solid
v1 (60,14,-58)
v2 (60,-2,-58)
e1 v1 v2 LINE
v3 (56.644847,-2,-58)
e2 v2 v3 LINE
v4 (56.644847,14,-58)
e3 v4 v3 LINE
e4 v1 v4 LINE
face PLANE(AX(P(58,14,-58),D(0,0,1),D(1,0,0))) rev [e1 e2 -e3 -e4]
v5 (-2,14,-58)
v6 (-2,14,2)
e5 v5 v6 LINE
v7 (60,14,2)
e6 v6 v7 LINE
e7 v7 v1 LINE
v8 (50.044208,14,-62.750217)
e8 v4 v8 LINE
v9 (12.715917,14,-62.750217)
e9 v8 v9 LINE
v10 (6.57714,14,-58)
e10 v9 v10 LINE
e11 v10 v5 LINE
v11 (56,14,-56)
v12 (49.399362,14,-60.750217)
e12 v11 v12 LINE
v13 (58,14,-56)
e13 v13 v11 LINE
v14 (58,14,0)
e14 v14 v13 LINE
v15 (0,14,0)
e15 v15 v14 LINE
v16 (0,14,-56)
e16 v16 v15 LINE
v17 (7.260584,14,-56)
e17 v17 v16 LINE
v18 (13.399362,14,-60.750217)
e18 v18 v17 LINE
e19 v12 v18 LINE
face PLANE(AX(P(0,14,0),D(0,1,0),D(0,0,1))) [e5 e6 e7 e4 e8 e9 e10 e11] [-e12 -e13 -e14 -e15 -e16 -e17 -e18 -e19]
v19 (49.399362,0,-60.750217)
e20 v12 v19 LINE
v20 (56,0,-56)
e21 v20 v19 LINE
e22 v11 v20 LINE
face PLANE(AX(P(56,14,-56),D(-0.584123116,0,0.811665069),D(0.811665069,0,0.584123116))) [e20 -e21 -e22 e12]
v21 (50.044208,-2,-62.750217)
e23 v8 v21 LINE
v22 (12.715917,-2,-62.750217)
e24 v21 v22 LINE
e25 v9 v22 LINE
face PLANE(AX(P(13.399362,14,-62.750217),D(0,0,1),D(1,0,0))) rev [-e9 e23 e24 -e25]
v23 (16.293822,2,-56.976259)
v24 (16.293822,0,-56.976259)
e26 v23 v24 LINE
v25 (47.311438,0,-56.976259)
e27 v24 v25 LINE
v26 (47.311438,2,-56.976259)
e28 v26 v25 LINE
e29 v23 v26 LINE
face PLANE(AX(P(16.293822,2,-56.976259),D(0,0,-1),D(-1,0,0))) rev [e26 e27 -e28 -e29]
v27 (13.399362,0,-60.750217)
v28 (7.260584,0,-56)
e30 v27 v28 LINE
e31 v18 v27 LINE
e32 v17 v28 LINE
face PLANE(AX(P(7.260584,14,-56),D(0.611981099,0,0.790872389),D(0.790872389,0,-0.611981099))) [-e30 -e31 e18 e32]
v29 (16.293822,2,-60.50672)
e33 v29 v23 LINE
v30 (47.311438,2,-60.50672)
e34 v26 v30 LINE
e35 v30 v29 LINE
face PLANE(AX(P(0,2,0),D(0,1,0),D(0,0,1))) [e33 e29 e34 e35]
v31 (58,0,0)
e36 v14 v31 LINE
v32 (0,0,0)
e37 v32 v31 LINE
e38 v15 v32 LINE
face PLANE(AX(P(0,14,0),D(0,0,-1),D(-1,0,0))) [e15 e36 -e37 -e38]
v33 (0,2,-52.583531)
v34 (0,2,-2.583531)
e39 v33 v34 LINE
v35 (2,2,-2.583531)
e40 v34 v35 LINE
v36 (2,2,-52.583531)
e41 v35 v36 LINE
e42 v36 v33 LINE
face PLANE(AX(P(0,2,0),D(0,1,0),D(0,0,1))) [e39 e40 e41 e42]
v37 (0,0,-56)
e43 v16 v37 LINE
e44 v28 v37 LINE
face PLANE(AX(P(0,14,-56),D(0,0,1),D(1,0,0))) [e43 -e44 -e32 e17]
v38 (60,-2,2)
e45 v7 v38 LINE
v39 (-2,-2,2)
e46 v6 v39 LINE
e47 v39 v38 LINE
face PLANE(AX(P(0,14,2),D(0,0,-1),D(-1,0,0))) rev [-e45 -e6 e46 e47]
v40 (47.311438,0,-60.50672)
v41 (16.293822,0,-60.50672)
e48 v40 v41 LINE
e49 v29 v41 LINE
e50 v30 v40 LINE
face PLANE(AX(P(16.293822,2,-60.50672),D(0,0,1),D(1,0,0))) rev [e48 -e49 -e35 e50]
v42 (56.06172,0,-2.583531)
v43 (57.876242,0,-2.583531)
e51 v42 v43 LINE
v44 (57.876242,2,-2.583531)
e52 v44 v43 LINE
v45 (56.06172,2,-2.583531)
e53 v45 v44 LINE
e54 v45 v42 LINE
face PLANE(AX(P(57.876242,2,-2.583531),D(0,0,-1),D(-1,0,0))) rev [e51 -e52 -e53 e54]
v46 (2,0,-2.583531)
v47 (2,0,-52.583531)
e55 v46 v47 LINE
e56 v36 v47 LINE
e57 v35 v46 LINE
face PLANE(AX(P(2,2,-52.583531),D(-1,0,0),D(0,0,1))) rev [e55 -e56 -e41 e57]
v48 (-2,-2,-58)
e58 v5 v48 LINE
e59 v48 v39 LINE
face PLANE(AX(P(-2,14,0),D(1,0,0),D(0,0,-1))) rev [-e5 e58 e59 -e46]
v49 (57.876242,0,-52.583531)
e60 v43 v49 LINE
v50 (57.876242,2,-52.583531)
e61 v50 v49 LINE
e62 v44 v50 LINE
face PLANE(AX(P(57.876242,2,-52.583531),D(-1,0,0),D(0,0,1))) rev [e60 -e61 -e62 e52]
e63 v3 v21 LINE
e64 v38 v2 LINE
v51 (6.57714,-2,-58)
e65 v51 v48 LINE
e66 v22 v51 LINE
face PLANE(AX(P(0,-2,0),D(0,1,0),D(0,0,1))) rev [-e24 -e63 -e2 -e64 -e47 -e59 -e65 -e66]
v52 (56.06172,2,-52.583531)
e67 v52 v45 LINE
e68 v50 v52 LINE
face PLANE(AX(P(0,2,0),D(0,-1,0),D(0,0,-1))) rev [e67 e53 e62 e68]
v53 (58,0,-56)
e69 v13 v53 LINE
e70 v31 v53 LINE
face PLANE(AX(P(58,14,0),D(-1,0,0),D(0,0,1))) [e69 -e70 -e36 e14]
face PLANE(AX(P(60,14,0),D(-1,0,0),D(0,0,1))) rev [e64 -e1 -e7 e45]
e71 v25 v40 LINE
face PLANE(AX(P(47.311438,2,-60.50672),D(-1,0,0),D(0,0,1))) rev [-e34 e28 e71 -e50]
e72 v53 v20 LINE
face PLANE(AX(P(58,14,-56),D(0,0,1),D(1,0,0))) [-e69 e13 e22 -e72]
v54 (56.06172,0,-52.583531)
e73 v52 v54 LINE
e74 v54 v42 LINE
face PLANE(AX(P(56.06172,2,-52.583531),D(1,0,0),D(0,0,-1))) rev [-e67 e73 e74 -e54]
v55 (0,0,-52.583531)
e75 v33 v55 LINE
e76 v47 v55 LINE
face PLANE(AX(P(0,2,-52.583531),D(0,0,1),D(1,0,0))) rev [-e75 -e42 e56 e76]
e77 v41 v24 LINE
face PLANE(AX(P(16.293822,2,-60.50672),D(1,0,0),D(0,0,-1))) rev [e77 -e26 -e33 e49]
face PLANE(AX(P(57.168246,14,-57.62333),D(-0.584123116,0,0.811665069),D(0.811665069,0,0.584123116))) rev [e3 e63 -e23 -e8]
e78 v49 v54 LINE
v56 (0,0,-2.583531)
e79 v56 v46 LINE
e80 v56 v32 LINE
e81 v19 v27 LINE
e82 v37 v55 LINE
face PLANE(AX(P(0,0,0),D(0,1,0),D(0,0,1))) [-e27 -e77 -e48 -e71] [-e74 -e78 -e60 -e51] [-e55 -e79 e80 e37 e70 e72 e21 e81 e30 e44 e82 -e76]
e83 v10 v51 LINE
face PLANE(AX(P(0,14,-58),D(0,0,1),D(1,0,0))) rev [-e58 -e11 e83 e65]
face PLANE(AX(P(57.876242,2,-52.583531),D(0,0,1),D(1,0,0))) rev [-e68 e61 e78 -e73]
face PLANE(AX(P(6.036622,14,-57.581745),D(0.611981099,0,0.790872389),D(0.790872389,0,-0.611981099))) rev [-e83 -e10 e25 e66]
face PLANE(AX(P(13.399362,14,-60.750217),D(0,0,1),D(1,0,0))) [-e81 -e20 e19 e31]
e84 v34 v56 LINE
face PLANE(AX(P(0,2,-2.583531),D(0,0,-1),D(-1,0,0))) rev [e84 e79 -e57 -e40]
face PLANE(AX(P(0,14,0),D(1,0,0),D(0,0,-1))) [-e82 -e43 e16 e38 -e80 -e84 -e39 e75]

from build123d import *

# Parameters (mm, degrees)
BOSS_EXTRUDE1_DEPTH = 14
SHELL1_T            = 2
SKETCH3_W           = 2
SKETCH3_H           = 50
SKETCH3_W_2         = 1.814522713
BOSS_EXTRUDE2_DEPTH = 2
SKETCH4_W           = 31.017616101
SKETCH4_H           = 3.530460369
BOSS_EXTRUDE3_DEPTH = 2


with BuildPart() as part:
    # Sketch1 → Boss-Extrude1 (new body)
    with BuildSketch(Plane(origin=(0, 0, 0), x_dir=(1, 0, 0), z_dir=(0, 1, 0))):
        Polygon((0, 0), (0, 56), (7.260584432, 56), (13.399361706, 60.750217247), (49.399361706, 60.750217247), (56, 56), (58, 56), (58, 0), align=None)
    extrude(amount=BOSS_EXTRUDE1_DEPTH)

    # Shell1
    shell1_openings = [part.faces().sort_by_distance(p)[0] for p in [
        (29.147078279, 14, -29.765448683),
    ]]
    offset(amount=SHELL1_T, openings=shell1_openings, kind=Kind.INTERSECTION)

    # Sketch3 → Boss-Extrude2 (add)
    with BuildSketch(Plane(origin=(0, 0, 0), x_dir=(1, 0, 0), z_dir=(0, 1, 0))):
        with Locations((1, 27.58353092)):
            Rectangle(SKETCH3_W, SKETCH3_H)
        with Locations((56.968981121, 27.58353092)):
            Rectangle(SKETCH3_W_2, SKETCH3_H)
    extrude(amount=BOSS_EXTRUDE2_DEPTH)

    # Sketch4 → Boss-Extrude3 (add)
    with BuildSketch(Plane(origin=(0, 0, 0), x_dir=(1, 0, 0), z_dir=(0, 1, 0))):
        with Locations((31.80262956, 58.741489624)):
            Rectangle(SKETCH4_W, SKETCH4_H)
    extrude(amount=BOSS_EXTRUDE3_DEPTH)


solid = part.part
